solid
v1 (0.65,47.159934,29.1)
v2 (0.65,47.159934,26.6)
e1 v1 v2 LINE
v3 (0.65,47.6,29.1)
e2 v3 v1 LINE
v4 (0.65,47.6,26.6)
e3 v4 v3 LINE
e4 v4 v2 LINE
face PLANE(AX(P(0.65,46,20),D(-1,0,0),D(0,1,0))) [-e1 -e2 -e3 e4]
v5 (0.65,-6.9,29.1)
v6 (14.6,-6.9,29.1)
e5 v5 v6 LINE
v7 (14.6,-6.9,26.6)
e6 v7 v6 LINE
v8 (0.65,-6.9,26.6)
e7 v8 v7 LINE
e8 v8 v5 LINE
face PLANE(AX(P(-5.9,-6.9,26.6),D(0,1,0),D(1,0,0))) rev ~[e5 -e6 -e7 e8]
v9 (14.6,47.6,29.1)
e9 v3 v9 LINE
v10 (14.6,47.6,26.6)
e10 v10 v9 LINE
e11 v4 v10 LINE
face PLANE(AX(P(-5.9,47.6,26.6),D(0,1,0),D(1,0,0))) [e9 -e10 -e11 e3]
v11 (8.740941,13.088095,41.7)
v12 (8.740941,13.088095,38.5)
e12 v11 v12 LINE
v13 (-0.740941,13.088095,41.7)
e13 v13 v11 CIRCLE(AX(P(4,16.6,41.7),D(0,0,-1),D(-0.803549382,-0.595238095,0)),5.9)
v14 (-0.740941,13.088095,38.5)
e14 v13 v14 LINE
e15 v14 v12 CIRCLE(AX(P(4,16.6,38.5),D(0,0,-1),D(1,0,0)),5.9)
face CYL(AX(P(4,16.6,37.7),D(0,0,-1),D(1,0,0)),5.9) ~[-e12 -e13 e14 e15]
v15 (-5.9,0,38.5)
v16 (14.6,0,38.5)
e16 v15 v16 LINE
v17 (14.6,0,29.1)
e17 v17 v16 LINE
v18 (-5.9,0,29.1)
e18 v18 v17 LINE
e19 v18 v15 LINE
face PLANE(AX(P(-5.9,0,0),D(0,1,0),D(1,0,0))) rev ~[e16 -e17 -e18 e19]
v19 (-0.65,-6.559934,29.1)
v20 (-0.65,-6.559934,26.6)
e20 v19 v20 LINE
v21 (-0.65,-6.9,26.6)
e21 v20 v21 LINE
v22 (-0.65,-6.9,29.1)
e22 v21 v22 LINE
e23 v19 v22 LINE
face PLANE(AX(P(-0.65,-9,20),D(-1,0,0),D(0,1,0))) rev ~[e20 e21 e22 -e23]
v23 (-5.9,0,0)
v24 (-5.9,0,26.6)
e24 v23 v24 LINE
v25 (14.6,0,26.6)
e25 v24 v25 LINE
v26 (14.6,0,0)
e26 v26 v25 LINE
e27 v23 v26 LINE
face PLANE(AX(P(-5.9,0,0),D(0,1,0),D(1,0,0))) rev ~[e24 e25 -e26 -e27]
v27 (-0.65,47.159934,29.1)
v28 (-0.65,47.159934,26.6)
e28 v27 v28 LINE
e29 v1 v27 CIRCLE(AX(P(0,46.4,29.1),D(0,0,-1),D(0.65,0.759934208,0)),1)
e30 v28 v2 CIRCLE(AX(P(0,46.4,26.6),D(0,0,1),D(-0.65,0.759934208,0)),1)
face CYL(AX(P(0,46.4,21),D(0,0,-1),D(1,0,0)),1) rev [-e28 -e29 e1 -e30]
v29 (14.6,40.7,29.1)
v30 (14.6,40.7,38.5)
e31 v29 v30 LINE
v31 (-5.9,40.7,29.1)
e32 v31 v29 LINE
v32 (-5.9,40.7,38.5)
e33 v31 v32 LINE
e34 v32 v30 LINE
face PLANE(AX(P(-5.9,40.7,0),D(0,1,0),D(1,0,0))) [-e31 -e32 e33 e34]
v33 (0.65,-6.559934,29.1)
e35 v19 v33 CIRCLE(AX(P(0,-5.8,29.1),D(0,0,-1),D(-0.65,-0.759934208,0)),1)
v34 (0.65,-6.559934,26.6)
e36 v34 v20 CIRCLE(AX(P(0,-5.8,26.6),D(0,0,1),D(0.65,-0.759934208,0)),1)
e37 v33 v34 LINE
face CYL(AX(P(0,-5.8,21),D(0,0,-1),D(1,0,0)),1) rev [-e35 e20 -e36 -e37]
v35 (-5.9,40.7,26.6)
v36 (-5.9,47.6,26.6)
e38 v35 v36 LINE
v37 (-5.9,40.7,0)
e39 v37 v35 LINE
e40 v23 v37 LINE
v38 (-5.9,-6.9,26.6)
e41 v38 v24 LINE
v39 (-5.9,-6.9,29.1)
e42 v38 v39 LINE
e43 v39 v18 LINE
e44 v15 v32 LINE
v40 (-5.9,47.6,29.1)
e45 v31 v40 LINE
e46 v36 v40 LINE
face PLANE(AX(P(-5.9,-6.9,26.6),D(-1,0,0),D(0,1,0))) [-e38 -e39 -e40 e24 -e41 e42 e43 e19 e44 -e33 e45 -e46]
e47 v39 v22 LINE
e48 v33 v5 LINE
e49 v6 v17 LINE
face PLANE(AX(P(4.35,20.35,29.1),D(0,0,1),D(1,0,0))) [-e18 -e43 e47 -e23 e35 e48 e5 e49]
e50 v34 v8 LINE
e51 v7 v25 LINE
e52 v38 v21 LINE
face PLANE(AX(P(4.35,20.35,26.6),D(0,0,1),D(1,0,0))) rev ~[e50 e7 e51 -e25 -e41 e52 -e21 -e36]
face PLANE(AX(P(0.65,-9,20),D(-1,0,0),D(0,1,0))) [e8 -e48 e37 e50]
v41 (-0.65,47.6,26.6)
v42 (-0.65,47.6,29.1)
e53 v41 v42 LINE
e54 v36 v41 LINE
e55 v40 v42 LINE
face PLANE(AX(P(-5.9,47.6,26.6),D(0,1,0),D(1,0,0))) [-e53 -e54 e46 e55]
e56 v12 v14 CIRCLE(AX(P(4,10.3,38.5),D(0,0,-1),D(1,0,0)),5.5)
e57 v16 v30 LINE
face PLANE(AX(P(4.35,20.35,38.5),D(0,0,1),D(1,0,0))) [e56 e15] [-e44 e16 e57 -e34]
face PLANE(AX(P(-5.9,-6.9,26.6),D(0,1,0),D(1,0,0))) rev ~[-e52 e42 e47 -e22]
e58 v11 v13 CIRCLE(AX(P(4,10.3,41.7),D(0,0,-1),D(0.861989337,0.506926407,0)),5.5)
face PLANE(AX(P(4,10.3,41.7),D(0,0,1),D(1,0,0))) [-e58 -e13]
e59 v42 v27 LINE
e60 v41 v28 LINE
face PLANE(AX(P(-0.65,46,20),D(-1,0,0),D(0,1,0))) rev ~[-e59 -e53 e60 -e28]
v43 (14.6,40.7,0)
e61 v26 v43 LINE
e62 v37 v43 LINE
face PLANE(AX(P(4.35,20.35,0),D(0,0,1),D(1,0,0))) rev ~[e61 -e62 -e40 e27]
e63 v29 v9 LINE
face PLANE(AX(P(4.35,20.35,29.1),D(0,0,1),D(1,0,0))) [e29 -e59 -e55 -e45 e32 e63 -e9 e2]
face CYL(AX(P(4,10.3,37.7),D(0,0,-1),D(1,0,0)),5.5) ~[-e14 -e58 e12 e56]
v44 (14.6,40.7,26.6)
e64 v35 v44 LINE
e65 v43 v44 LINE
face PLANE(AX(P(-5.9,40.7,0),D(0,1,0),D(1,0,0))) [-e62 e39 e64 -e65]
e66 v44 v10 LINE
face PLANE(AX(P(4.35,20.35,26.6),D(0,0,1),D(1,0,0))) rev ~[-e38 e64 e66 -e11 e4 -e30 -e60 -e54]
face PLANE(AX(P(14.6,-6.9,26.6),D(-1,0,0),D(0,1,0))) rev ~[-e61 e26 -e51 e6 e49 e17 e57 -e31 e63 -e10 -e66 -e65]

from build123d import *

# Parameters (mm, degrees)
BOX003_W          = 1.3
BOX003_H          = 3.3
BOX003_DEPTH      = 10
BOX002_W          = 1.3
BOX002_H          = 3.3
BOX002_DEPTH      = 10
CYLINDER004_R     = 1
CYLINDER004_DEPTH = 10
CYLINDER003_R     = 1
CYLINDER003_DEPTH = 10
CYLINDER001_R     = 5.5
CYLINDER001_DEPTH = 4
CYLINDER_R        = 5.9
CYLINDER_DEPTH    = 4
BOX001_W          = 20.5
BOX001_H          = 54.5
BOX001_DEPTH      = 2.5
BOX_W             = 20.5
BOX_H             = 40.7
BOX_DEPTH         = 38.5


with BuildPart() as cubo003:
    # Box003 → Box003 (new body)
    with BuildSketch(Plane(origin=(5.25, 46, 20), x_dir=(1, 0, 0), z_dir=(0, 0, 1))):
        with Locations((0.65, 1.65)):
            Rectangle(BOX003_W, BOX003_H)
    extrude(amount=BOX003_DEPTH)


with BuildPart() as rebajes:
    # Box002 → Box002 (new body)
    with BuildSketch(Plane(origin=(5.25, -9, 20), x_dir=(1, 0, 0), z_dir=(0, 0, 1))):
        with Locations((0.65, 1.65)):
            Rectangle(BOX002_W, BOX002_H)
    extrude(amount=BOX002_DEPTH)

    # Fusion005: union Cubo003
    add(cubo003.part)


with BuildPart() as taladro2:
    # Cylinder004 → Cylinder004 (new body)
    with BuildSketch(Plane(origin=(5.9, 46.4, 21), x_dir=(1, 0, 0), z_dir=(0, 0, 1))):
        Circle(CYLINDER004_R)
    extrude(amount=CYLINDER004_DEPTH)


with BuildPart() as taladros001:
    # Cylinder003 → Cylinder003 (new body)
    with BuildSketch(Plane(origin=(5.9, -5.8, 21), x_dir=(1, 0, 0), z_dir=(0, 0, 1))):
        Circle(CYLINDER003_R)
    extrude(amount=CYLINDER003_DEPTH)

    # Fusion004: union Taladro2
    add(taladro2.part)

    # Fusion006: union Rebajes
    add(rebajes.part)


with BuildPart() as cilindro001:
    # Cylinder001 → Cylinder001 (new body)
    with BuildSketch(Plane(origin=(9.9, 10.3, 37.7), x_dir=(1, 0, 0), z_dir=(0, 0, 1))):
        Circle(CYLINDER001_R)
    extrude(amount=CYLINDER001_DEPTH)


with BuildPart() as fusion001:
    # Cylinder → Cylinder (new body)
    with BuildSketch(Plane(origin=(9.9, 16.6, 37.7), x_dir=(1, 0, 0), z_dir=(0, 0, 1))):
        Circle(CYLINDER_R)
    extrude(amount=CYLINDER_DEPTH)

    # Fusion001: union Cilindro001
    add(cilindro001.part)


with BuildPart() as cubo001:
    # Box001 → Box001 (new body)
    with BuildSketch(Plane(origin=(0, -6.9, 26.6), x_dir=(1, 0, 0), z_dir=(0, 0, 1))):
        with Locations((10.25, 27.25)):
            Rectangle(BOX001_W, BOX001_H)
    extrude(amount=BOX001_DEPTH)


with BuildPart() as cuerpo_con_taladros:
    # Box → Box (new body)
    with BuildSketch(Plane.XY):
        with Locations((10.25, 20.35)):
            Rectangle(BOX_W, BOX_H)
    extrude(amount=BOX_DEPTH)

    # Fusion: union Cubo001
    add(cubo001.part)

    # Fusion003: union Fusion001
    add(fusion001.part)

    # Cut: cut Taladros001
    add(taladros001.part, mode=Mode.SUBTRACT)


with BuildPart() as cuerpo_con_taladros_1:
    # Cut placement: moved
    add(cuerpo_con_taladros.part.moved(Location((-5.9, 0, 0))))


solid = cuerpo_con_taladros_1.part
